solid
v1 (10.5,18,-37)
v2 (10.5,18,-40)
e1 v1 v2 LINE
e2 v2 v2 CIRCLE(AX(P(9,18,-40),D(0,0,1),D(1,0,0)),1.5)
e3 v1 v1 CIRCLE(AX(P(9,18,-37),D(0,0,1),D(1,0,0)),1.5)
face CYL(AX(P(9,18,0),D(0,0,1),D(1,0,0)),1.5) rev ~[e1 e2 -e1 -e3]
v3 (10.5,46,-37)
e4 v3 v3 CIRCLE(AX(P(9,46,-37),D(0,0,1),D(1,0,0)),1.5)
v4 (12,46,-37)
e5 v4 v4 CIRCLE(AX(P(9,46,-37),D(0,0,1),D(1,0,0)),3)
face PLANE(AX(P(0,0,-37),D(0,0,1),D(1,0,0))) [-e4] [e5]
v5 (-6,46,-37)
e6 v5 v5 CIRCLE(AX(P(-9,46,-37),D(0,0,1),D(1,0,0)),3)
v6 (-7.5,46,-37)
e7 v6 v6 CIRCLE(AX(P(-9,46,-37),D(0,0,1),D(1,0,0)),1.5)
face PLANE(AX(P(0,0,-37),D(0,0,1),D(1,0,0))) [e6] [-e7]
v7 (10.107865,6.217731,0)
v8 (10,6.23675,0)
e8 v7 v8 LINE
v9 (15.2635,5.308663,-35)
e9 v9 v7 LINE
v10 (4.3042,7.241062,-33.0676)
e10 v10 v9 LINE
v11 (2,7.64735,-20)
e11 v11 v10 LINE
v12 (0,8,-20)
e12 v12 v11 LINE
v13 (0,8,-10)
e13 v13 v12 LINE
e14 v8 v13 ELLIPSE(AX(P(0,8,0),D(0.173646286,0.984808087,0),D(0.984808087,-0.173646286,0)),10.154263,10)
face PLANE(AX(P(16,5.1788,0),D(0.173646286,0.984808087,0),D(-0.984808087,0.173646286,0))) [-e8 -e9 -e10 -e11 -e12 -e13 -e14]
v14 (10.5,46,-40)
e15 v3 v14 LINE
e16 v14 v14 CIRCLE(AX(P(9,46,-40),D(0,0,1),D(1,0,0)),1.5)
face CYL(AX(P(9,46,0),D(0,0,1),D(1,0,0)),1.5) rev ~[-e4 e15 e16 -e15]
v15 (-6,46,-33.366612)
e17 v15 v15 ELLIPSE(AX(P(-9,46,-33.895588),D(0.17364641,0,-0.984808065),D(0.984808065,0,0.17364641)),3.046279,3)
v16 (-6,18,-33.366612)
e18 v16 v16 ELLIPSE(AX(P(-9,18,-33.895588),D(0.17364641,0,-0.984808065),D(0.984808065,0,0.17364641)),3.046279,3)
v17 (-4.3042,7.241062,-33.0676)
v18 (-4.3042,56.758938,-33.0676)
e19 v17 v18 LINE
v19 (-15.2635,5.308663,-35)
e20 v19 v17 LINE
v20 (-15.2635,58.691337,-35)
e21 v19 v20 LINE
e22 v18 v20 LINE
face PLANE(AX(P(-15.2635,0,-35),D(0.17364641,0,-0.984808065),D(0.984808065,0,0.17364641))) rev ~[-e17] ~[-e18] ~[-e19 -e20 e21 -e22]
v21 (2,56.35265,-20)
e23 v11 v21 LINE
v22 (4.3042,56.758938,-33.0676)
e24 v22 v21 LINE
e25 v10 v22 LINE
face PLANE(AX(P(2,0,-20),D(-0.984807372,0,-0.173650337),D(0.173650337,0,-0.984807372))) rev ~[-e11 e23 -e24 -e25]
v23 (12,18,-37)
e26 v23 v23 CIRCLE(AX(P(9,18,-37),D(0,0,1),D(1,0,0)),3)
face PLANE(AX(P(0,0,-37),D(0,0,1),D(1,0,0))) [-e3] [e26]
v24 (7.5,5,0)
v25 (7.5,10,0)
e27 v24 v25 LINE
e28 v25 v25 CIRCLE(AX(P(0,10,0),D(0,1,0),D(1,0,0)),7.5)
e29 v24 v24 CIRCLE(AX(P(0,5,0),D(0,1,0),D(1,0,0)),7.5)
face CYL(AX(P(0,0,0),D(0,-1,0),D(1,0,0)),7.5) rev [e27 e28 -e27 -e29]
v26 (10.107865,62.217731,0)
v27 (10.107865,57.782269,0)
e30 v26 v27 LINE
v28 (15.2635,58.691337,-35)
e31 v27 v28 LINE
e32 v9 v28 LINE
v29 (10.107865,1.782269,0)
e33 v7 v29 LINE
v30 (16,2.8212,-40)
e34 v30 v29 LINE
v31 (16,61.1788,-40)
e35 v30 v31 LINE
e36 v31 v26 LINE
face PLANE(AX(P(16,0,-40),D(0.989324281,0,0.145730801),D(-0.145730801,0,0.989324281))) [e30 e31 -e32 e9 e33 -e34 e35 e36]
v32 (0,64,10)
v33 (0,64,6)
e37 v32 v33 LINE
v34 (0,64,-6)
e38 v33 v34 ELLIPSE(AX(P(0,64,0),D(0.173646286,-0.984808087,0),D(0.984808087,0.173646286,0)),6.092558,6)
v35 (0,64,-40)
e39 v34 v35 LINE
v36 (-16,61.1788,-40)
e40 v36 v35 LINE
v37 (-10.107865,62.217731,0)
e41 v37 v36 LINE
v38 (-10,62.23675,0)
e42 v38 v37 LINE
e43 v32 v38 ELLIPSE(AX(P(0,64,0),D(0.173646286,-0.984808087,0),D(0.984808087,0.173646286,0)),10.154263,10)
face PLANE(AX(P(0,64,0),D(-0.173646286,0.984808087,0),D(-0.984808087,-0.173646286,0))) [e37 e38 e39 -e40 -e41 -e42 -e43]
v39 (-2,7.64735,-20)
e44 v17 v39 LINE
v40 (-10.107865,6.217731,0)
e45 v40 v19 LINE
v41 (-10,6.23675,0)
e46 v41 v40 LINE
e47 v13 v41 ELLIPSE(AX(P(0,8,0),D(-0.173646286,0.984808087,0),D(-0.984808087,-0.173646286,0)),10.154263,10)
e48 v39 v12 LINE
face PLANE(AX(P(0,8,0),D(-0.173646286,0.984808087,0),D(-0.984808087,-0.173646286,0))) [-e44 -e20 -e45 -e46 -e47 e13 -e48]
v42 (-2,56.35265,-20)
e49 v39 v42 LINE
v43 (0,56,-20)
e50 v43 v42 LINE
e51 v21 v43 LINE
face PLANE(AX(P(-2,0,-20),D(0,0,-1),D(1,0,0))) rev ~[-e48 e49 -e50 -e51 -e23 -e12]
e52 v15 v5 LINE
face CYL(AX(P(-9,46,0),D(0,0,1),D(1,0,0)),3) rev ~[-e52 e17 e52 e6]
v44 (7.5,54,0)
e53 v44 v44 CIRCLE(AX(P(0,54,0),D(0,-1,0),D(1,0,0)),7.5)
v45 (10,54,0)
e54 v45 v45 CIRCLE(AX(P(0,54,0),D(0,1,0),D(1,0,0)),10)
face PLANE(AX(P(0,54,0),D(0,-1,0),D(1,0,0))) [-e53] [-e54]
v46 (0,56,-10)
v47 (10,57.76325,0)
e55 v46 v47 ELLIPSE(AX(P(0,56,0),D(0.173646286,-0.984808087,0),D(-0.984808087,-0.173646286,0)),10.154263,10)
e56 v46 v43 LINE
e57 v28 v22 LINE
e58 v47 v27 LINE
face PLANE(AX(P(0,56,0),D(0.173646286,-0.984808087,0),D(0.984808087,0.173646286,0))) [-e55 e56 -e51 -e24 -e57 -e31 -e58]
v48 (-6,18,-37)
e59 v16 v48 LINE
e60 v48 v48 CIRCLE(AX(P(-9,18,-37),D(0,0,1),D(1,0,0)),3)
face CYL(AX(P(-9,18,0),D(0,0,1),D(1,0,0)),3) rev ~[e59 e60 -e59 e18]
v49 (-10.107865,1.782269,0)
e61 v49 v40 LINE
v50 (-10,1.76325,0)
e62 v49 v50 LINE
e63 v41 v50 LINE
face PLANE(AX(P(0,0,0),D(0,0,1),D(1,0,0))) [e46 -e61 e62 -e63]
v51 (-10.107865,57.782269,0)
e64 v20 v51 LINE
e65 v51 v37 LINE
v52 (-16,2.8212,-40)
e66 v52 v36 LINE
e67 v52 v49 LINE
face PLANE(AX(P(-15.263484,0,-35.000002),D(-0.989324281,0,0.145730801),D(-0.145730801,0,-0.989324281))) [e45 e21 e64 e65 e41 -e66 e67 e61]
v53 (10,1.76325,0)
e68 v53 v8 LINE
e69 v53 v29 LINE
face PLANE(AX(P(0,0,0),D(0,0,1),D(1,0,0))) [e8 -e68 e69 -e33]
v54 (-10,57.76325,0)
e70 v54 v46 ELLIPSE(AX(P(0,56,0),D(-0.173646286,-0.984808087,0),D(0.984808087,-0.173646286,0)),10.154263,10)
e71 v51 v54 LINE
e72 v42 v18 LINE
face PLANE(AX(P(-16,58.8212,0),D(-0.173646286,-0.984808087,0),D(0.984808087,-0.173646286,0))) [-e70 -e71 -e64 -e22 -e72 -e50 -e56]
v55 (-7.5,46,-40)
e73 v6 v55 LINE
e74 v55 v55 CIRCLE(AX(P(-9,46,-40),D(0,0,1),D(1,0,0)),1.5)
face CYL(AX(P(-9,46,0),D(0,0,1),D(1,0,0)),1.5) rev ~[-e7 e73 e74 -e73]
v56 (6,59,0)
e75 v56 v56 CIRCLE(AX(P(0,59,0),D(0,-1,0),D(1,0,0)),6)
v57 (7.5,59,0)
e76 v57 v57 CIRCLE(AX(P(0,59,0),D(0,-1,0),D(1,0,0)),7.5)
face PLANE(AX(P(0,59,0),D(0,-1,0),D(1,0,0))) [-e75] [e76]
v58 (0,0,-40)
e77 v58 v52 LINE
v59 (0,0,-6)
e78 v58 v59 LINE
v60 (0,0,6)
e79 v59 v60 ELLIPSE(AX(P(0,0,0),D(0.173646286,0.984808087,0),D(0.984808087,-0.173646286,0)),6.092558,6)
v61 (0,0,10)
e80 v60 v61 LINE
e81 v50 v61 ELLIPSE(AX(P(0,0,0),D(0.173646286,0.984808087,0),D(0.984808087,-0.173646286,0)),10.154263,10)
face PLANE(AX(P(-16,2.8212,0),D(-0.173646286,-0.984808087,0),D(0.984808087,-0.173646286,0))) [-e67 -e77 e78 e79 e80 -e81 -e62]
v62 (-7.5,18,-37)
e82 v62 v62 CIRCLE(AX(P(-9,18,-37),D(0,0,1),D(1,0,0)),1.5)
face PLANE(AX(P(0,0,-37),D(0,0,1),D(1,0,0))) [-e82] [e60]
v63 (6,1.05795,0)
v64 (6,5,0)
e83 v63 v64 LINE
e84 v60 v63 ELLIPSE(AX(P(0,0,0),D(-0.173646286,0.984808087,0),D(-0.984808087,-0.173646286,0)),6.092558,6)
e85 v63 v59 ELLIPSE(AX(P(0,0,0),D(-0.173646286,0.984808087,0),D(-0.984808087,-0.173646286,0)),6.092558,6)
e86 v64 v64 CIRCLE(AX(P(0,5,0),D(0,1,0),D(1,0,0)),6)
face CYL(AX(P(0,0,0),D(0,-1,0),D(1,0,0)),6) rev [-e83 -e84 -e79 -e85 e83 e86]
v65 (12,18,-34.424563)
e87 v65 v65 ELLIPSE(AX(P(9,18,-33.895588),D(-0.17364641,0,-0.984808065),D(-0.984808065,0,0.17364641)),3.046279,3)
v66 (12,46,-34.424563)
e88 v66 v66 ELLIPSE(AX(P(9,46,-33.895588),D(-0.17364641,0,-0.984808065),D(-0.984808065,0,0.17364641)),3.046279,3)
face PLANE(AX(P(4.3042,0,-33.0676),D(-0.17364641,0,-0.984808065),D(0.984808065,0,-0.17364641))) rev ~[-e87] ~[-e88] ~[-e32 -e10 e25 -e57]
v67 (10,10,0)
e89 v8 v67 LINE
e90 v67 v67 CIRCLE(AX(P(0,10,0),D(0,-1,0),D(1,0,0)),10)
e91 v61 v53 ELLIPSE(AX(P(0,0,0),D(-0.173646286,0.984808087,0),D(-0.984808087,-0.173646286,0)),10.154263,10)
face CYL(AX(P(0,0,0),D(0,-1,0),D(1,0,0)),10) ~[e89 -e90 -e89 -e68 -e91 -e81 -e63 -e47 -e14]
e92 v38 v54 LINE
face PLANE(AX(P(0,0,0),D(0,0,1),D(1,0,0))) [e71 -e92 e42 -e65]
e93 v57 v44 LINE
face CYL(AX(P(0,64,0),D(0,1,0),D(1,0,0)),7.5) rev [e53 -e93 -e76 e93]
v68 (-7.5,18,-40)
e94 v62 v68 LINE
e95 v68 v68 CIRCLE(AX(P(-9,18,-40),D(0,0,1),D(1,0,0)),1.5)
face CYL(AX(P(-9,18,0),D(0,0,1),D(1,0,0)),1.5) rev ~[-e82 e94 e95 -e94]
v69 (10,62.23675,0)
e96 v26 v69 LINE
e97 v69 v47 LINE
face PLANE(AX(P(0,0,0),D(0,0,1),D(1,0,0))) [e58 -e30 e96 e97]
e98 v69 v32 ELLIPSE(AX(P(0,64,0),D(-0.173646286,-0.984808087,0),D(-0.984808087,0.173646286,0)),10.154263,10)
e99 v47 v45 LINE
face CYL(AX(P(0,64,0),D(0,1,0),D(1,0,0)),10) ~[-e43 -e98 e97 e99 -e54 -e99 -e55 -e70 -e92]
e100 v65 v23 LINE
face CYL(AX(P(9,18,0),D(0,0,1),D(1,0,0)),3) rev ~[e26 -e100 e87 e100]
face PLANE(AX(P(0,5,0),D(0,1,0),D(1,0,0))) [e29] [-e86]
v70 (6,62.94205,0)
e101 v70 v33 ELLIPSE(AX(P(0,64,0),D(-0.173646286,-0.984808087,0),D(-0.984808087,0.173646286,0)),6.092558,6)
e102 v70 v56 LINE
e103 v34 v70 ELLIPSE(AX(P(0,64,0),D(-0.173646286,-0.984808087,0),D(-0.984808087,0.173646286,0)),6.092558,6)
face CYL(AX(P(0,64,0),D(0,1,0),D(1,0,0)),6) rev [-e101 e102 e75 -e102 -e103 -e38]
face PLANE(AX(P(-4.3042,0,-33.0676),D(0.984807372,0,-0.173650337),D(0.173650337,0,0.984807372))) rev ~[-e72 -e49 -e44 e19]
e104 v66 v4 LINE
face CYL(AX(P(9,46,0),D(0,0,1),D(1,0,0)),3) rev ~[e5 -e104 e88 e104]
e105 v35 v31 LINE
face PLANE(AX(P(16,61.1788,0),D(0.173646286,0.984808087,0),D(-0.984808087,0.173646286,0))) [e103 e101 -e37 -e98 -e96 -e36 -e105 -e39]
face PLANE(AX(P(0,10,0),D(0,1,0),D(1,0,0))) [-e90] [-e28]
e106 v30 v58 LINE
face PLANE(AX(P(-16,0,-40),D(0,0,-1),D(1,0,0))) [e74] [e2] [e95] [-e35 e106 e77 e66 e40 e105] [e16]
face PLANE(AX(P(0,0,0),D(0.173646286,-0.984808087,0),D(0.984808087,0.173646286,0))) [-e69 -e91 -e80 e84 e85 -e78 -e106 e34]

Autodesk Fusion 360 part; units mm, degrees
sketch "草图1" plane through (0, 0, 0) normal (0, 1, 0) x (1, 0, 0)
  circle A0 centre (0, 0) radius 10
  circle A1 centre (0, 0) radius 7.5
  circle A2 centre (0, 0) radius 6
  line L0 (-9.8932, -1.4573) -> (-16, 40)
  line L1 (-16, 40) -> (16, 40)
  line L2 (16, 40) -> (9.8932, -1.4573)
  line L3 (0, -55) -> (0, 135) construction
  line L4 (-15.2635, 35) -> (-4.3042, 33.0676)
  line L5 (-4.3042, 33.0676) -> (-2, 20)
  line L6 (-2, 20) -> (2, 20)
  line L7 (2, 20) -> (4.3042, 33.0676)
  line L8 (4.3042, 33.0676) -> (15.2635, 35)
  dimension "d1" = 32
  dimension "d2" = 12
  dimension "d3" = 15
  dimension "d4" = 20
  dimension "d5" = 40
  dimension "d6" = 4
  dimension "d7" = 5
  dimension "d8" = 20
  dimension "d9" = 20
  dimension "d10" = 10
extrude "拉伸1" add sketch "草图1" along normal blind 64 contours L0 L1 L2 L4 L5 L6 L7 L8 makes body 1
extrude "拉伸2" add sketch "草图1" along normal blind 8 separate body contours A0 L0 L2 L4 L5 L6 L7 L8 makes body 2
extrude "拉伸3" add sketch "草图1" along normal blind 10 separate body contours A0 makes body 3
extrude "拉伸4" add sketch "草图1" along normal blind 5 contours A1 bodies 3
copy_body "复制和粘贴实体1" bodies 2 makes body 4
move_body "移动1" bodies 4 to x (1, 0, 0) y (0, 1, 0) z (0, 0, 1) at (0, 14, 0)
move_body "移动2" bodies 4 to x (1, 0, 0) y (0, 1, 0) z (0, 0, 1) at (0, 42, 0)
sketch "草图2" plane through (0, 0, 0) normal (0, 0, 1) x (1, 0, 0)
  line L0 (0, 60) -> (0, -25) construction
  line L1 (0, 0) -> (16, 2.8212)
  line L2 (16, 2.8212) -> (16, 5.1788)
  line L3 (16, 5.1788) -> (0, 8)
  line L4 (0, 8) -> (-16, 5.1788)
  line L5 (-16, 5.1788) -> (-16, 2.8212)
  line L6 (-16, 2.8212) -> (0, 0)
  line L7 (0, 56) -> (16, 58.8212)
  line L8 (16, 58.8212) -> (16, 61.1788)
  line L9 (16, 61.1788) -> (0, 64)
  line L10 (0, 64) -> (-16, 61.1788)
  line L11 (-16, 61.1788) -> (-16, 58.8212)
  line L12 (-16, 58.8212) -> (0, 56)
  line L13 (10, 0) -> (-10, 0)
  line L14 (0, 8) -> (15, 8) construction
  line L15 (0, 56) -> (15, 56) construction
  line L16 (0, 64) -> (14, 64) construction
  line L17 (0, 64) -> (-16, 64)
  line L18 (-16, 64) -> (-16, 0)
  line L19 (-16, 0) -> (16, 0)
  line L20 (16, 0) -> (16, 64)
  line L21 (16, 64) -> (0, 64)
  dimension "d19" = 64
  dimension "d20" = 10
  dimension "d21" = 48
  dimension "d22" = 10
  dimension "d23" = 10
  dimension "d24" = 32
  dimension "d25" = 32
extrude "拉伸5" cut sketch "草图2" against normal blind 160 contours L1 L2 L3 L4 L5 L6 L18 L20 | L7 L8 L9 L10 L11 L12 L18 L20 keep common part bodies 2 4
extrude "拉伸6" cut sketch "草图2" against normal blind 105 contours L1 L2 L3 L4 L5 L6 L18 L20 | L3 L4 L7 L12 L18 L20 | L7 L8 L9 L10 L11 L12 L18 L20 keep common part bodies 1
extrude "拉伸7" cut sketch "草图2" along normal mid plane 30 contours L6 L13 L18 L19 | L1 L13 L19 L20 bodies 3
copy_body "复制和粘贴实体2" bodies 3 makes body 5
move_body "移动3" bodies 5 to x (1, 0, 0) y (0, -1, 0) z (0, 0, -1) at (0, 50, 0)
move_body "移动4" bodies 5 to x (1, 0, 0) y (0, 1, 0) z (0, 0, 1) at (0, 14, 0)
combine "合并1" operation add target body 1 tool bodies 2 3 5 4
sketch "草图3" plane through (0, 0, 0) normal (0, 0, 1) x (1, 0, 0)
  line L0 (16, 0) -> (-16, 0)
  line L1 (-16, 0) -> (-16, 64)
  line L2 (-16, 64) -> (16, 64)
  line L3 (16, 64) -> (16, 0)
  line L4 (0, -10) -> (0, 70) construction
  circle A0 centre (9, 18) radius 3
  circle A1 centre (9, 18) radius 1.5
  circle A2 centre (-9, 18) radius 3
  circle A3 centre (-9, 18) radius 1.5
  circle A4 centre (9, 46) radius 3
  circle A5 centre (9, 46) radius 1.5
  circle A6 centre (-9, 46) radius 3
  circle A7 centre (-9, 46) radius 1.5
  line L5 (16, 32) -> (-16, 32) construction
  dimension "d32" = 32
  dimension "d33" = 64
  dimension "d34" = 6
  dimension "d35" = 3
  dimension "d36" = 28
  dimension "d37" = 28
  dimension "d38" = 18
extrude "拉伸8" cut sketch "草图3" against normal through all contours A1 | A3 | A5 | A7 bodies 1
extrude "拉伸9" cut sketch "草图3" against normal blind 37 contours A0 | A2 | A4 | A6 bodies 1
